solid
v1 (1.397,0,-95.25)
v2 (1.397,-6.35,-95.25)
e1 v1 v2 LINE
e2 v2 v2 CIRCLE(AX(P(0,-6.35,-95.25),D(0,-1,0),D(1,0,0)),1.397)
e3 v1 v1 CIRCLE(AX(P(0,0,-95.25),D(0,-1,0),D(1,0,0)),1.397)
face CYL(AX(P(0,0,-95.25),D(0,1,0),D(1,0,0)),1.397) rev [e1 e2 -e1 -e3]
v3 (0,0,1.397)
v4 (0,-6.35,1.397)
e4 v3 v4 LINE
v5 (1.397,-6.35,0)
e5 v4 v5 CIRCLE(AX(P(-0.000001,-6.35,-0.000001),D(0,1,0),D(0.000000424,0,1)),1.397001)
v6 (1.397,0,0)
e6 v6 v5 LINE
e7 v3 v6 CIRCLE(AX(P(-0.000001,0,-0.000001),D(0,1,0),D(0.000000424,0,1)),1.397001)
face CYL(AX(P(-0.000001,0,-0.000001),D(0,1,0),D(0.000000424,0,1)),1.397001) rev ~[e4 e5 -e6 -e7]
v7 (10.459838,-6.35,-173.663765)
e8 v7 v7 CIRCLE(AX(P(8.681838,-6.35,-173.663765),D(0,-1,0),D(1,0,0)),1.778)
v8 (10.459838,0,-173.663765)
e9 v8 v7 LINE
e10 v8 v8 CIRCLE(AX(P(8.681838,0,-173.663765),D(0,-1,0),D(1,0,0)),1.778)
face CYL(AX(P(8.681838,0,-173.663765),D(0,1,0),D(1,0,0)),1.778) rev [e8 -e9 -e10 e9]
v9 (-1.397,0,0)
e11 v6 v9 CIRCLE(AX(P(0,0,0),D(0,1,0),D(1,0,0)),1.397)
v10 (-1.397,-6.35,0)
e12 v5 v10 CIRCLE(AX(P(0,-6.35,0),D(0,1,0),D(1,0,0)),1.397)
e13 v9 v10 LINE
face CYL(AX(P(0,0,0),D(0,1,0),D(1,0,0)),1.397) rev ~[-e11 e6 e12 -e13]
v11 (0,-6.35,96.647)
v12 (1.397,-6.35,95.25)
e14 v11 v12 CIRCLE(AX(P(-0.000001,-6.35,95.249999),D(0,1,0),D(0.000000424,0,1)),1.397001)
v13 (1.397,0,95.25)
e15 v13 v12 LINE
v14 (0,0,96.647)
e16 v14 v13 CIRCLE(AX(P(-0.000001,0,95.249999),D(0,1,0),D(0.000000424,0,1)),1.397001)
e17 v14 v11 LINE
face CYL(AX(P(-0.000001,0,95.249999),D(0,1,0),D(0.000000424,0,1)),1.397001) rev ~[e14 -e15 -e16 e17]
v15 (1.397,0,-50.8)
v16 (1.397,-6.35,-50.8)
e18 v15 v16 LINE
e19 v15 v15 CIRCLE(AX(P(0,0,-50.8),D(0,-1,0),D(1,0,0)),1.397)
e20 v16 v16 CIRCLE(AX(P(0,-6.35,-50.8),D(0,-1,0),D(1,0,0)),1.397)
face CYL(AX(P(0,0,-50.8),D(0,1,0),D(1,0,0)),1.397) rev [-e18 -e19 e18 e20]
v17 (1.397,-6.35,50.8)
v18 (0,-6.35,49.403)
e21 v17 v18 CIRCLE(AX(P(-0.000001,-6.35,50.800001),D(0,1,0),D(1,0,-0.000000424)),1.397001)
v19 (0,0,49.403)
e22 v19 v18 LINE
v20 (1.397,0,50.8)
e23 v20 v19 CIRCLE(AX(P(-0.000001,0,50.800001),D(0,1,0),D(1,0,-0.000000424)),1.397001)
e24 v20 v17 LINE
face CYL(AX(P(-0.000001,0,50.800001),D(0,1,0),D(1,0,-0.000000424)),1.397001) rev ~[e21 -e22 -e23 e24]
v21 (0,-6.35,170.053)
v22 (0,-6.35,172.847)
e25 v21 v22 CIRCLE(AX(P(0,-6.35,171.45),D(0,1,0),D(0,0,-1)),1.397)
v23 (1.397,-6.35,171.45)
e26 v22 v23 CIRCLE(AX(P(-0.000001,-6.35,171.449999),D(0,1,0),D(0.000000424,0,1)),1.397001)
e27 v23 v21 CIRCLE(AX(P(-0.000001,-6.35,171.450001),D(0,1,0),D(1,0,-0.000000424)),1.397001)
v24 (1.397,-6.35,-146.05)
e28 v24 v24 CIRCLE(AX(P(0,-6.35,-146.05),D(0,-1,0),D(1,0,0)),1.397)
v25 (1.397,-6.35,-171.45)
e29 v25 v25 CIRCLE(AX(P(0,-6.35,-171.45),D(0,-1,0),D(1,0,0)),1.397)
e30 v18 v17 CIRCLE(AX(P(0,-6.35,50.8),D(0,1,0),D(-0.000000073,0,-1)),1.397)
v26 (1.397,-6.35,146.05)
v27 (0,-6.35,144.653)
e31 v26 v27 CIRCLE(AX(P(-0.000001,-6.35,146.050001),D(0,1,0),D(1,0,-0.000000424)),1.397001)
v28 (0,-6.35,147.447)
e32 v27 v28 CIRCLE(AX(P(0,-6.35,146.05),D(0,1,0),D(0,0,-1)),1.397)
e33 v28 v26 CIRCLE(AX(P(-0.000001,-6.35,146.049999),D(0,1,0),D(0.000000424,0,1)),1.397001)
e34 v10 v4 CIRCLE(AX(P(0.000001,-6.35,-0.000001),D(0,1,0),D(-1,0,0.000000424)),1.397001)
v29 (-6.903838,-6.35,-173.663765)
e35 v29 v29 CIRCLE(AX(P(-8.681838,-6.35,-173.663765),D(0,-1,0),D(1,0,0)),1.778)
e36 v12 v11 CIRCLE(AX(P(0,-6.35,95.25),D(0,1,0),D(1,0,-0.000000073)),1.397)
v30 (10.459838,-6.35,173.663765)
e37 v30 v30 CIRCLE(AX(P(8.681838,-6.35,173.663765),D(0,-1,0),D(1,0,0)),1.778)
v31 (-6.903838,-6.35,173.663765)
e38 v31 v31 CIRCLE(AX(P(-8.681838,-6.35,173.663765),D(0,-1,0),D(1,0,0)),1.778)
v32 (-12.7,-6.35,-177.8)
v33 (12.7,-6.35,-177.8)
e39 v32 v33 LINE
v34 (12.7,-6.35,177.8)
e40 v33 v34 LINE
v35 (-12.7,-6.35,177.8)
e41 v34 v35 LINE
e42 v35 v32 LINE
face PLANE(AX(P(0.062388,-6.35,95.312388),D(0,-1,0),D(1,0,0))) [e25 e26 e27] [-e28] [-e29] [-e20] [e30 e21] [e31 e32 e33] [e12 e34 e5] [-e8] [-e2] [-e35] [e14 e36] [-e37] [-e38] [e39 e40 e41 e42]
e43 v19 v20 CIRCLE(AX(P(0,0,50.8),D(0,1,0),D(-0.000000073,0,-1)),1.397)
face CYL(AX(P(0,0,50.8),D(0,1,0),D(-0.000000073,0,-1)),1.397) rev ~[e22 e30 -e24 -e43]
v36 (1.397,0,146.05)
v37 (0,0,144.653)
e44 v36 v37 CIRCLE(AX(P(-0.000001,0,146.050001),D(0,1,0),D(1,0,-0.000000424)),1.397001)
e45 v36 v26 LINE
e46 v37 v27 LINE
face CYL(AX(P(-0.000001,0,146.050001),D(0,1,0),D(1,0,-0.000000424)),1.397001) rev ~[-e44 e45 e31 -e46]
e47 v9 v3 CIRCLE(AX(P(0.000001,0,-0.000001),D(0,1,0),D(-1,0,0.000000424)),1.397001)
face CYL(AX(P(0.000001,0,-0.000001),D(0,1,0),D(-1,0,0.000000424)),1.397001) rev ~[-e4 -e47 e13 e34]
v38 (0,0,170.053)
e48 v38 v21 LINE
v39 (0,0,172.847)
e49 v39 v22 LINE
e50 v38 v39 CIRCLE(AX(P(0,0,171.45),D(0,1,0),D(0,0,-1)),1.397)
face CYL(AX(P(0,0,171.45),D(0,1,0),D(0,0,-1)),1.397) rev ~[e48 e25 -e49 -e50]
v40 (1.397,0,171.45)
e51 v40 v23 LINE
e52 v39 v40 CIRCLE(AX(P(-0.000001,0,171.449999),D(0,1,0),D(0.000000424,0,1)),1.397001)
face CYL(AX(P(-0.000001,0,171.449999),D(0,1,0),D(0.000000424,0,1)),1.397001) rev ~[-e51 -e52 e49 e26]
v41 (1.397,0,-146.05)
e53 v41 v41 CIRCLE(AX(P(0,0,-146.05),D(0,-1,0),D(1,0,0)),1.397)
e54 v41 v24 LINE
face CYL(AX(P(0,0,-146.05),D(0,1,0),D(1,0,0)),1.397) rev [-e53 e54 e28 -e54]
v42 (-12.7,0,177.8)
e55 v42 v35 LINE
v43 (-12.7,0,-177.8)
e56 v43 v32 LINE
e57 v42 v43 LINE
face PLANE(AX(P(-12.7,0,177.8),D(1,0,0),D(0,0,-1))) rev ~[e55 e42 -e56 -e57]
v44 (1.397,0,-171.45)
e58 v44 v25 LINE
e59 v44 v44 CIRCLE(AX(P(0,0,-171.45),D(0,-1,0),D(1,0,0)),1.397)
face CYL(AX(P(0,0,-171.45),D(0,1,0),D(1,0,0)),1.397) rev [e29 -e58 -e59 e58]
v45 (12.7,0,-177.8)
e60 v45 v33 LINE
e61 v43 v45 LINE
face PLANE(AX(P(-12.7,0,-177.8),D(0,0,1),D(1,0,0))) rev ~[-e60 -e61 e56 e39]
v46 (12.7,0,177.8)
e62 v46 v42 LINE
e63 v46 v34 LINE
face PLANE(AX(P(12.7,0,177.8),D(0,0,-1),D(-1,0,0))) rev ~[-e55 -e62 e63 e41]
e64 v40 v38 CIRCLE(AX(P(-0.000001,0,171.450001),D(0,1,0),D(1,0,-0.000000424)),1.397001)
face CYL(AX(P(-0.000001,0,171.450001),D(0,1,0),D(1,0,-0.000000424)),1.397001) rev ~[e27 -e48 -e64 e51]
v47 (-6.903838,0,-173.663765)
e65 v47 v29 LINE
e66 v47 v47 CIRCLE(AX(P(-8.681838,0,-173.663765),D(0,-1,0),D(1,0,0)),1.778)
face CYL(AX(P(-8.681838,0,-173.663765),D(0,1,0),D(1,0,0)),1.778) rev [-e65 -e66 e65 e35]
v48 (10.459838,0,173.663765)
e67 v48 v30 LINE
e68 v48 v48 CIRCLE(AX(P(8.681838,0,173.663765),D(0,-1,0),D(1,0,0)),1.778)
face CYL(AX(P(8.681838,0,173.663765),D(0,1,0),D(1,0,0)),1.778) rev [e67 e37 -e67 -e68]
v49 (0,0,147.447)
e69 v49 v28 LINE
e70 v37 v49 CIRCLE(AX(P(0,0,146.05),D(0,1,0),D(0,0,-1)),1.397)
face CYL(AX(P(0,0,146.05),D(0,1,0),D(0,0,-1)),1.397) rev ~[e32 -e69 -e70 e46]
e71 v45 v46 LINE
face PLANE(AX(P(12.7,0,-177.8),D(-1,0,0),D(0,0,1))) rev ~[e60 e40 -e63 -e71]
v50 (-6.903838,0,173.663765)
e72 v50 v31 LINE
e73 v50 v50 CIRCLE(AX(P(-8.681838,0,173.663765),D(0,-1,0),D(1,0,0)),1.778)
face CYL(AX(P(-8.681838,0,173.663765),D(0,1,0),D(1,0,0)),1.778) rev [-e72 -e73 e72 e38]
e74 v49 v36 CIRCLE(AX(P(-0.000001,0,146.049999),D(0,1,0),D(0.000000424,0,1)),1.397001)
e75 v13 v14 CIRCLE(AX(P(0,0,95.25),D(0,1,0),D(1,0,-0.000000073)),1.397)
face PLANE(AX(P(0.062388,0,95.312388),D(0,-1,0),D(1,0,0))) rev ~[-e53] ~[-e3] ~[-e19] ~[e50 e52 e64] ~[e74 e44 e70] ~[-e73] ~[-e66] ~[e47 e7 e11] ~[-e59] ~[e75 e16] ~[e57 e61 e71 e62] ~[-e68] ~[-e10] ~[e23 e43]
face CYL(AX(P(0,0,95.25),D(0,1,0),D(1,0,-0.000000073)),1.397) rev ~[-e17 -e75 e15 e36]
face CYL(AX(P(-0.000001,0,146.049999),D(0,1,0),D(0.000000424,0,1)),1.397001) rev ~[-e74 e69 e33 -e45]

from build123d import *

# Parameters (mm, degrees)
F0_R     = 1.778
F0_R_2   = 1.397
F1_DEPTH = 6.35


with BuildPart() as f1:
    # F0 (on Front) → F1 (new body)
    with BuildSketch(Plane.XZ):
        with BuildLine():
            ThreePointArc((1.397, 95.25), (0.987828, 96.237828), (0, 96.647))
            ThreePointArc((0, 96.647), (-0.987828, 94.262172), (1.397, 95.25))
        make_face()
        with BuildLine():
            ThreePointArc((1.397, 50.8), (-0.987828, 51.787828), (0, 49.403))
            ThreePointArc((0, 49.403), (0.987828, 49.812172), (1.397, 50.8))
        make_face()
        with BuildLine():
            Line((12.7, 0), (12.7, 177.8))
            Line((12.7, 177.8), (0, 177.8))
            Line((0, 177.8), (-12.7, 177.8))
            Line((-12.7, 177.8), (-12.7, 0))
            Line((-12.7, 0), (-1.397, 0))
            ThreePointArc((-1.397, 0), (-0.987828, 0.987828), (0, 1.397))
            ThreePointArc((0, 1.397), (0.987828, 0.987828), (1.397, 0))
            Line((1.397, 0), (12.7, 0))
        make_face()
        with BuildLine():
            ThreePointArc((1.397, 50.8), (0.987828, 49.812172), (0, 49.403))
            ThreePointArc((0, 49.403), (-0.987828, 51.787828), (1.397, 50.8))
        make_face(mode=Mode.SUBTRACT)
        with Locations((-8.681838, 173.663765)):
            Circle(F0_R, mode=Mode.SUBTRACT)
        with BuildLine():
            ThreePointArc((1.397, 95.25), (-0.987828, 94.262172), (0, 96.647))
            ThreePointArc((0, 96.647), (0.987828, 96.237828), (1.397, 95.25))
        make_face(mode=Mode.SUBTRACT)
        with BuildLine():
            ThreePointArc((0, 144.653), (-1.397, 146.05), (0, 147.447))
            ThreePointArc((0, 147.447), (0.987828, 147.037828), (1.397, 146.05))
            ThreePointArc((1.397, 146.05), (0.987828, 145.062172), (0, 144.653))
        make_face(mode=Mode.SUBTRACT)
        with BuildLine():
            ThreePointArc((0, 170.053), (-1.397, 171.45), (0, 172.847))
            ThreePointArc((0, 172.847), (0.987828, 172.437828), (1.397, 171.45))
            ThreePointArc((1.397, 171.45), (0.987828, 170.462172), (0, 170.053))
        make_face(mode=Mode.SUBTRACT)
        with Locations((8.681838, 173.663765)):
            Circle(F0_R, mode=Mode.SUBTRACT)
        with BuildLine():
            Line((12.7, -177.8), (12.7, 0))
            Line((12.7, 0), (1.397, 0))
            ThreePointArc((1.397, 0), (0, -1.397), (-1.397, 0))
            Line((-1.397, 0), (-12.7, 0))
            Line((-12.7, 0), (-12.7, -177.8))
            Line((-12.7, -177.8), (12.7, -177.8))
        make_face()
        with Locations((-8.681838, -173.663765)):
            Circle(F0_R, mode=Mode.SUBTRACT)
        with Locations((0, -171.45)):
            Circle(F0_R_2, mode=Mode.SUBTRACT)
        with Locations((0, -146.05)):
            Circle(F0_R_2, mode=Mode.SUBTRACT)
        with Locations((0, -95.25)):
            Circle(F0_R_2, mode=Mode.SUBTRACT)
        with Locations((0, -50.8)):
            Circle(F0_R_2, mode=Mode.SUBTRACT)
        with Locations((8.681838, -173.663765)):
            Circle(F0_R, mode=Mode.SUBTRACT)
    extrude(amount=F1_DEPTH)


solid = f1.part
